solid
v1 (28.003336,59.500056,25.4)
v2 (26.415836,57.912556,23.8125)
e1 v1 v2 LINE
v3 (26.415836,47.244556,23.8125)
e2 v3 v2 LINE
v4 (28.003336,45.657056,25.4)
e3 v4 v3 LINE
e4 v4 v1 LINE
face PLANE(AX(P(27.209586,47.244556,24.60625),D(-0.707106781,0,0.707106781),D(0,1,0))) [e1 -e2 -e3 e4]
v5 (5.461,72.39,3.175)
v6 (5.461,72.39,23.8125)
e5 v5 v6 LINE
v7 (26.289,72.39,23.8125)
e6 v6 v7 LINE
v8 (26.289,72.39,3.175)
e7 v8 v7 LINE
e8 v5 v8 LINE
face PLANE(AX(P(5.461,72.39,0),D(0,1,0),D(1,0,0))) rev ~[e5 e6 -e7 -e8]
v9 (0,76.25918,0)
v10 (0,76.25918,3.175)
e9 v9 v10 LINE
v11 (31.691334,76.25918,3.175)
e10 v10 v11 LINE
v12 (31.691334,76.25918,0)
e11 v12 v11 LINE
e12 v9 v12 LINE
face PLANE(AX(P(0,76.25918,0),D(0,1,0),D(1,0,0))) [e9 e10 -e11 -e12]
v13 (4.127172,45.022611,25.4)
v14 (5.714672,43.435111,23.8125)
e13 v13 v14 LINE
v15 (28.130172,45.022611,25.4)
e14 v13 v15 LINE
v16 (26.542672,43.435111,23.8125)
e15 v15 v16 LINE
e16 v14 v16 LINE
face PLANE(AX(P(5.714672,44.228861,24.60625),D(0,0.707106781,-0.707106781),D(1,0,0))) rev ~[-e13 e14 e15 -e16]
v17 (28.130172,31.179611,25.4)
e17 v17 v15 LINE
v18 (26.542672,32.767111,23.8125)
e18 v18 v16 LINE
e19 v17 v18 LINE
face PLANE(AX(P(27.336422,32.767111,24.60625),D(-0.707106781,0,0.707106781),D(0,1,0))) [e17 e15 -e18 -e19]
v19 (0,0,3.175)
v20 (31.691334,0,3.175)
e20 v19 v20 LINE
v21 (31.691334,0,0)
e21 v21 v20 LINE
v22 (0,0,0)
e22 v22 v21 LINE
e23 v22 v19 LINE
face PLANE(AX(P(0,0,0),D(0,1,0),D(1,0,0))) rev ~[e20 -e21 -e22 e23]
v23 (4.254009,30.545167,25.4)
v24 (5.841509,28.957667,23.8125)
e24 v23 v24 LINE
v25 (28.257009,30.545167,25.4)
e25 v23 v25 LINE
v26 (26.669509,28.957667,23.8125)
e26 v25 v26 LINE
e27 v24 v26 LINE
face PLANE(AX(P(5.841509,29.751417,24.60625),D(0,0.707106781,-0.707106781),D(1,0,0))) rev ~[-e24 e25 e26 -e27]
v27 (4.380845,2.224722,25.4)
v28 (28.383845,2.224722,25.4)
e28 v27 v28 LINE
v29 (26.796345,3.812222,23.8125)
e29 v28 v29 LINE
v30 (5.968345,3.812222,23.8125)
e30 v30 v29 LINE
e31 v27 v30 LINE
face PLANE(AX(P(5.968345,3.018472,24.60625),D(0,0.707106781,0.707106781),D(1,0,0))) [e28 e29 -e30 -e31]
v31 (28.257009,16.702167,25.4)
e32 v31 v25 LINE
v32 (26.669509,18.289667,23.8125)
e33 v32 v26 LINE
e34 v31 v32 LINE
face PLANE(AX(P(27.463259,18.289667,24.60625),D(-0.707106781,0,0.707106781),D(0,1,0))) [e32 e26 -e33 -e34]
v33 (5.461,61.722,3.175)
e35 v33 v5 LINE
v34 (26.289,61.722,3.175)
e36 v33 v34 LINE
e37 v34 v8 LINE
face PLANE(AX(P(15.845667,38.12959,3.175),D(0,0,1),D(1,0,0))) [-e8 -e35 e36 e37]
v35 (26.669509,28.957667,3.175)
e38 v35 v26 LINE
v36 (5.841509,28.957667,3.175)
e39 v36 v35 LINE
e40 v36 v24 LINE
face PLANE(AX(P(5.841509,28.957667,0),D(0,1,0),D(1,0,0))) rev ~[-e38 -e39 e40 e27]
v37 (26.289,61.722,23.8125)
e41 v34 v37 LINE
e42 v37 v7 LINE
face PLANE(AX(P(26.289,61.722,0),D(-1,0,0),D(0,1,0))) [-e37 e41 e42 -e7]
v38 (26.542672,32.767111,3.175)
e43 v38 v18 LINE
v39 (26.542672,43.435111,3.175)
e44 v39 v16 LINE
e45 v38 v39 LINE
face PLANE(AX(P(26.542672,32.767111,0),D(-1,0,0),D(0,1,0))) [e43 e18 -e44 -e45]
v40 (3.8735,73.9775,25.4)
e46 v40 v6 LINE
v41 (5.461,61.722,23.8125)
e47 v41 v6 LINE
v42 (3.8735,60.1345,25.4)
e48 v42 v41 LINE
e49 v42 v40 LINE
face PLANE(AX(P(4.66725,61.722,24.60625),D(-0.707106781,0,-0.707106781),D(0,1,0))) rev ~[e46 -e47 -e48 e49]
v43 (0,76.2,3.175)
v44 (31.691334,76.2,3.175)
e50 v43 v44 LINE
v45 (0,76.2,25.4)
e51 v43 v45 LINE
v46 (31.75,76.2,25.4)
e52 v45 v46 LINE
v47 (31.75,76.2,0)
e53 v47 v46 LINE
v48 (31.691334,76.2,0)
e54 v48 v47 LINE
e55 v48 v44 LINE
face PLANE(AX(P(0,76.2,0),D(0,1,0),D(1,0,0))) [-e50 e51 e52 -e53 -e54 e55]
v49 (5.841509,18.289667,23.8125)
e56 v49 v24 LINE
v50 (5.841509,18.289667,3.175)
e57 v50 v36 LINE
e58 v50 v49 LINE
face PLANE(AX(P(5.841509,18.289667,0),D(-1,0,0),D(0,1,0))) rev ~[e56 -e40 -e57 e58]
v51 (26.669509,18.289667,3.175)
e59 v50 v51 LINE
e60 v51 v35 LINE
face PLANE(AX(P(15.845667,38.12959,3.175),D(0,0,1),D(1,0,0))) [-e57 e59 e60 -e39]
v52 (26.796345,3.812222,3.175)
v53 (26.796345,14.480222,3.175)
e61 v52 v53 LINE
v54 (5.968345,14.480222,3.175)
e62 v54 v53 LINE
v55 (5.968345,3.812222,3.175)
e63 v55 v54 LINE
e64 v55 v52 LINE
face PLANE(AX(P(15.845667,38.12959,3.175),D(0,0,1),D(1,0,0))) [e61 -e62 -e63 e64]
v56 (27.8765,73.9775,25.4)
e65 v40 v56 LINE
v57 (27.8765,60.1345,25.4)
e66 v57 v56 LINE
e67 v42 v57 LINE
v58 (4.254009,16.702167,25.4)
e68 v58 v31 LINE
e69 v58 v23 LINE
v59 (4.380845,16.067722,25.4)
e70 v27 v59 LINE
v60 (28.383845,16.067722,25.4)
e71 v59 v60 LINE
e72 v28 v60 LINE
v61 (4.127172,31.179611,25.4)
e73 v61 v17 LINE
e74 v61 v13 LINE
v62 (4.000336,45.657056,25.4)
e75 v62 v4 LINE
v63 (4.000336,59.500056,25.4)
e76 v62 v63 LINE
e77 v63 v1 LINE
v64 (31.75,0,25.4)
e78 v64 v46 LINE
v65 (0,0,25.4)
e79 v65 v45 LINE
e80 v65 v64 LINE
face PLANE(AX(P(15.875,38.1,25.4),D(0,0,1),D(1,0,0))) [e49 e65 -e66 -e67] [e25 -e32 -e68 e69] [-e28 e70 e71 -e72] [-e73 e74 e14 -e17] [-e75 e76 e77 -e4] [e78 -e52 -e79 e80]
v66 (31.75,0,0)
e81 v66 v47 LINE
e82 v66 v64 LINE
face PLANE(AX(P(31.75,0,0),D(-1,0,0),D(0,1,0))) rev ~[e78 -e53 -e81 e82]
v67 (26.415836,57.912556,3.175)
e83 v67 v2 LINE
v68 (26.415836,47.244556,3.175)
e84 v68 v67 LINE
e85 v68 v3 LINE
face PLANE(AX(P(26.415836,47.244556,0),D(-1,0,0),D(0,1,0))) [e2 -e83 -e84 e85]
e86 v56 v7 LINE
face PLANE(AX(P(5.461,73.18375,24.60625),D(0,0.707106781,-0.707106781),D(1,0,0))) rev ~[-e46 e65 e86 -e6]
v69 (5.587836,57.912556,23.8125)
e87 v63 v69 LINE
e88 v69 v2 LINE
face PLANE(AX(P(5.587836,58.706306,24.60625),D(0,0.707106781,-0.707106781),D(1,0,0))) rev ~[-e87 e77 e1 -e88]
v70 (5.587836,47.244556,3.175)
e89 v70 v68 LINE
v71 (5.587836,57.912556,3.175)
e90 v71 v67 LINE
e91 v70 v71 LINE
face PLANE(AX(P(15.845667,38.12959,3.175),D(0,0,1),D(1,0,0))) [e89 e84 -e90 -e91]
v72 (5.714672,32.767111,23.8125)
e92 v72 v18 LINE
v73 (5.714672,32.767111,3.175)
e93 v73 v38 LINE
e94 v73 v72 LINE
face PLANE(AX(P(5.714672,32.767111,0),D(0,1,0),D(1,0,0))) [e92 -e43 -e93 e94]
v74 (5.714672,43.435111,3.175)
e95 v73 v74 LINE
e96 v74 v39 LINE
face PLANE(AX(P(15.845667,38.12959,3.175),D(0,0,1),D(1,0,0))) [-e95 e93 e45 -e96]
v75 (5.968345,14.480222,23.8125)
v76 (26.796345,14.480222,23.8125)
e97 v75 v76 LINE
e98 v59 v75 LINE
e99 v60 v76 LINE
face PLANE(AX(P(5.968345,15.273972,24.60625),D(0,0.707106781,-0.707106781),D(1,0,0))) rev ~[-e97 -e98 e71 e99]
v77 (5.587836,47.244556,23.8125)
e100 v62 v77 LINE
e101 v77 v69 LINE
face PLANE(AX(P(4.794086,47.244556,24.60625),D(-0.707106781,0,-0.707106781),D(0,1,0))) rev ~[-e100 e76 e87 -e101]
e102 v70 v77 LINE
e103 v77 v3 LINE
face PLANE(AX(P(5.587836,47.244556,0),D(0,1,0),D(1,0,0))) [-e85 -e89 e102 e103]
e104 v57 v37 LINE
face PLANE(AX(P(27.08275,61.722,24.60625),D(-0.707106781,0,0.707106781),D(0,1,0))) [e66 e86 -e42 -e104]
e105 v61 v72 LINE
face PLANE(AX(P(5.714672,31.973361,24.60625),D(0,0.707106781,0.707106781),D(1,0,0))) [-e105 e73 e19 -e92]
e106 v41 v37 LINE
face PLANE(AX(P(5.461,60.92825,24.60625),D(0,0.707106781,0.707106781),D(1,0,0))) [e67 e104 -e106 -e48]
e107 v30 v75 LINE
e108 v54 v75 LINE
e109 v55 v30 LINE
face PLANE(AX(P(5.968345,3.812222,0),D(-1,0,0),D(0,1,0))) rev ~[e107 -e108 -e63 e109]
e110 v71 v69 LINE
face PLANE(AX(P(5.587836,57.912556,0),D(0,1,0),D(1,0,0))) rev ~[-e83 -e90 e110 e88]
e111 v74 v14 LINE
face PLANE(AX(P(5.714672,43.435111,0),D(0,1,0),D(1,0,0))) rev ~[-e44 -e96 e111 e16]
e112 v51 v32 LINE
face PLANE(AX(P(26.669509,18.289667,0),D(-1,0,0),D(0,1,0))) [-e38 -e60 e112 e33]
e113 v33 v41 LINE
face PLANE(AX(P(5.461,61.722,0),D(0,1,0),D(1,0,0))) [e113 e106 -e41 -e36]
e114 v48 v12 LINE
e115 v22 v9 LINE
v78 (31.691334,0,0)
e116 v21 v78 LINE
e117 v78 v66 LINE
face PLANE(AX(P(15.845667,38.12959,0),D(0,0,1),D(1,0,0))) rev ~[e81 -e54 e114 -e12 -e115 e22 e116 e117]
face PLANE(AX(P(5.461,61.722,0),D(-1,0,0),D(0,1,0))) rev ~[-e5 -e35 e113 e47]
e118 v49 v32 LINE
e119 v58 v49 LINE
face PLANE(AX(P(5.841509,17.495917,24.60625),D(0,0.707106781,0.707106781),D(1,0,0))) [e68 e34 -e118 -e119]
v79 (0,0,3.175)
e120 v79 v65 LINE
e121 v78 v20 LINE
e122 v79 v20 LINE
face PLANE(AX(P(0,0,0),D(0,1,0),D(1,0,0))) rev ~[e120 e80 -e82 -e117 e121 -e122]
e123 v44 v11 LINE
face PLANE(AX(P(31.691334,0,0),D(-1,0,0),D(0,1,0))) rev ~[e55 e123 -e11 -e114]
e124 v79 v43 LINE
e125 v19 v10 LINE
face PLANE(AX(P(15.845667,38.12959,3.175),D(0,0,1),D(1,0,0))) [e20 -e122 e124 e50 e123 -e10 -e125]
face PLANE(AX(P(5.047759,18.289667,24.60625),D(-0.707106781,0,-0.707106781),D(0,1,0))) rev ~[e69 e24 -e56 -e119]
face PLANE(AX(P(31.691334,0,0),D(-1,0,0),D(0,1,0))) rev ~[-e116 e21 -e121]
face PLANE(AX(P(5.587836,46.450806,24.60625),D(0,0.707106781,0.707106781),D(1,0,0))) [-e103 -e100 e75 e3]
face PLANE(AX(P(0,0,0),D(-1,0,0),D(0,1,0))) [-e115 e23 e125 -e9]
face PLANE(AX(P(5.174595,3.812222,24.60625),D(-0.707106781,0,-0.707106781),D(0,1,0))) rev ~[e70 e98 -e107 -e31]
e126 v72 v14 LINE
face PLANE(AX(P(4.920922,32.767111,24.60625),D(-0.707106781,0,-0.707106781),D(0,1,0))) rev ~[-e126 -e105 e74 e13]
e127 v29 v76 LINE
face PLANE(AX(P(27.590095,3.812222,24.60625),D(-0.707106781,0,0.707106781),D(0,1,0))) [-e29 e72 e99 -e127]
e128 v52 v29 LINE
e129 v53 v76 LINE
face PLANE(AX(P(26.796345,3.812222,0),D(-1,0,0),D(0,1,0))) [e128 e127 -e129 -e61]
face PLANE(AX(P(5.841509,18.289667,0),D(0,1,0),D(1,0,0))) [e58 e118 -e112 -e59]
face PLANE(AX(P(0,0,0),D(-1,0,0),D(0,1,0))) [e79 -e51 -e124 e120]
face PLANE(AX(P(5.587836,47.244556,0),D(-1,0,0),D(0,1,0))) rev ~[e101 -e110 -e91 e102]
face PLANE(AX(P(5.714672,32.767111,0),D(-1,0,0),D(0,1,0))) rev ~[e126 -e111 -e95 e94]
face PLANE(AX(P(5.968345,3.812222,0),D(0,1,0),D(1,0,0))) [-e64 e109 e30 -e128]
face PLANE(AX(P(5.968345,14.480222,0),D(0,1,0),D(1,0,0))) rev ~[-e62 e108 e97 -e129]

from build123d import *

# Parameters (mm, degrees)
F0_W     = 31.75
F0_H     = 76.2
F0_W_2   = 20.828
F0_H_2   = 10.668
F1_DEPTH = 25.4
F2_W     = 31.691335
F2_H     = 76.259181
F3_DEPTH = 3.175
F4_SIZE  = 1.5875


with BuildPart() as f1:
    # F0 (on Top) → F1 (new body)
    with BuildSketch(Plane.XY):
        with Locations((15.875, 38.1)):
            Rectangle(F0_W, F0_H)
        with Locations((16.382345, 9.146222)):
            Rectangle(F0_W_2, F0_H_2, mode=Mode.SUBTRACT)
        with Locations((16.255509, 23.623667)):
            Rectangle(F0_W_2, F0_H_2, mode=Mode.SUBTRACT)
        with Locations((16.128672, 38.101111)):
            Rectangle(F0_W_2, F0_H_2, mode=Mode.SUBTRACT)
        with Locations((16.001836, 52.578556)):
            Rectangle(F0_W_2, F0_H_2, mode=Mode.SUBTRACT)
        with Locations((15.875, 67.056)):
            Rectangle(F0_W_2, F0_H_2, mode=Mode.SUBTRACT)
    extrude(amount=F1_DEPTH)

    # F2 (on Top) → F3 (join)
    with BuildSketch(Plane.XY):
        with Locations((15.845667, 38.12959)):
            Rectangle(F2_W, F2_H)
    extrude(amount=F3_DEPTH)

    # F4
    f4_edges = [f1.edges().sort_by_distance(p)[0] for p in [
        (5.968345, 9.146222, 25.4),
        (16.382345, 3.812222, 25.4),
        (26.796345, 9.146222, 25.4),
        (16.382345, 14.480222, 25.4),
        (16.255509, 18.289667, 25.4),
        (5.841509, 23.623667, 25.4),
        (26.669509, 23.623667, 25.4),
        (16.255509, 28.957667, 25.4),
        (16.128672, 32.767111, 25.4),
        (5.714672, 38.101111, 25.4),
        (26.542672, 38.101111, 25.4),
        (16.128672, 43.435111, 25.4),
        (16.001836, 57.912556, 25.4),
        (5.587836, 52.578556, 25.4),
        (16.001836, 47.244556, 25.4),
        (26.415836, 52.578556, 25.4),
        (15.875, 61.722, 25.4),
        (5.461, 67.056, 25.4),
        (15.875, 72.39, 25.4),
        (26.289, 67.056, 25.4),
    ]]
    chamfer(f4_edges, length=F4_SIZE)


solid = f1.part
